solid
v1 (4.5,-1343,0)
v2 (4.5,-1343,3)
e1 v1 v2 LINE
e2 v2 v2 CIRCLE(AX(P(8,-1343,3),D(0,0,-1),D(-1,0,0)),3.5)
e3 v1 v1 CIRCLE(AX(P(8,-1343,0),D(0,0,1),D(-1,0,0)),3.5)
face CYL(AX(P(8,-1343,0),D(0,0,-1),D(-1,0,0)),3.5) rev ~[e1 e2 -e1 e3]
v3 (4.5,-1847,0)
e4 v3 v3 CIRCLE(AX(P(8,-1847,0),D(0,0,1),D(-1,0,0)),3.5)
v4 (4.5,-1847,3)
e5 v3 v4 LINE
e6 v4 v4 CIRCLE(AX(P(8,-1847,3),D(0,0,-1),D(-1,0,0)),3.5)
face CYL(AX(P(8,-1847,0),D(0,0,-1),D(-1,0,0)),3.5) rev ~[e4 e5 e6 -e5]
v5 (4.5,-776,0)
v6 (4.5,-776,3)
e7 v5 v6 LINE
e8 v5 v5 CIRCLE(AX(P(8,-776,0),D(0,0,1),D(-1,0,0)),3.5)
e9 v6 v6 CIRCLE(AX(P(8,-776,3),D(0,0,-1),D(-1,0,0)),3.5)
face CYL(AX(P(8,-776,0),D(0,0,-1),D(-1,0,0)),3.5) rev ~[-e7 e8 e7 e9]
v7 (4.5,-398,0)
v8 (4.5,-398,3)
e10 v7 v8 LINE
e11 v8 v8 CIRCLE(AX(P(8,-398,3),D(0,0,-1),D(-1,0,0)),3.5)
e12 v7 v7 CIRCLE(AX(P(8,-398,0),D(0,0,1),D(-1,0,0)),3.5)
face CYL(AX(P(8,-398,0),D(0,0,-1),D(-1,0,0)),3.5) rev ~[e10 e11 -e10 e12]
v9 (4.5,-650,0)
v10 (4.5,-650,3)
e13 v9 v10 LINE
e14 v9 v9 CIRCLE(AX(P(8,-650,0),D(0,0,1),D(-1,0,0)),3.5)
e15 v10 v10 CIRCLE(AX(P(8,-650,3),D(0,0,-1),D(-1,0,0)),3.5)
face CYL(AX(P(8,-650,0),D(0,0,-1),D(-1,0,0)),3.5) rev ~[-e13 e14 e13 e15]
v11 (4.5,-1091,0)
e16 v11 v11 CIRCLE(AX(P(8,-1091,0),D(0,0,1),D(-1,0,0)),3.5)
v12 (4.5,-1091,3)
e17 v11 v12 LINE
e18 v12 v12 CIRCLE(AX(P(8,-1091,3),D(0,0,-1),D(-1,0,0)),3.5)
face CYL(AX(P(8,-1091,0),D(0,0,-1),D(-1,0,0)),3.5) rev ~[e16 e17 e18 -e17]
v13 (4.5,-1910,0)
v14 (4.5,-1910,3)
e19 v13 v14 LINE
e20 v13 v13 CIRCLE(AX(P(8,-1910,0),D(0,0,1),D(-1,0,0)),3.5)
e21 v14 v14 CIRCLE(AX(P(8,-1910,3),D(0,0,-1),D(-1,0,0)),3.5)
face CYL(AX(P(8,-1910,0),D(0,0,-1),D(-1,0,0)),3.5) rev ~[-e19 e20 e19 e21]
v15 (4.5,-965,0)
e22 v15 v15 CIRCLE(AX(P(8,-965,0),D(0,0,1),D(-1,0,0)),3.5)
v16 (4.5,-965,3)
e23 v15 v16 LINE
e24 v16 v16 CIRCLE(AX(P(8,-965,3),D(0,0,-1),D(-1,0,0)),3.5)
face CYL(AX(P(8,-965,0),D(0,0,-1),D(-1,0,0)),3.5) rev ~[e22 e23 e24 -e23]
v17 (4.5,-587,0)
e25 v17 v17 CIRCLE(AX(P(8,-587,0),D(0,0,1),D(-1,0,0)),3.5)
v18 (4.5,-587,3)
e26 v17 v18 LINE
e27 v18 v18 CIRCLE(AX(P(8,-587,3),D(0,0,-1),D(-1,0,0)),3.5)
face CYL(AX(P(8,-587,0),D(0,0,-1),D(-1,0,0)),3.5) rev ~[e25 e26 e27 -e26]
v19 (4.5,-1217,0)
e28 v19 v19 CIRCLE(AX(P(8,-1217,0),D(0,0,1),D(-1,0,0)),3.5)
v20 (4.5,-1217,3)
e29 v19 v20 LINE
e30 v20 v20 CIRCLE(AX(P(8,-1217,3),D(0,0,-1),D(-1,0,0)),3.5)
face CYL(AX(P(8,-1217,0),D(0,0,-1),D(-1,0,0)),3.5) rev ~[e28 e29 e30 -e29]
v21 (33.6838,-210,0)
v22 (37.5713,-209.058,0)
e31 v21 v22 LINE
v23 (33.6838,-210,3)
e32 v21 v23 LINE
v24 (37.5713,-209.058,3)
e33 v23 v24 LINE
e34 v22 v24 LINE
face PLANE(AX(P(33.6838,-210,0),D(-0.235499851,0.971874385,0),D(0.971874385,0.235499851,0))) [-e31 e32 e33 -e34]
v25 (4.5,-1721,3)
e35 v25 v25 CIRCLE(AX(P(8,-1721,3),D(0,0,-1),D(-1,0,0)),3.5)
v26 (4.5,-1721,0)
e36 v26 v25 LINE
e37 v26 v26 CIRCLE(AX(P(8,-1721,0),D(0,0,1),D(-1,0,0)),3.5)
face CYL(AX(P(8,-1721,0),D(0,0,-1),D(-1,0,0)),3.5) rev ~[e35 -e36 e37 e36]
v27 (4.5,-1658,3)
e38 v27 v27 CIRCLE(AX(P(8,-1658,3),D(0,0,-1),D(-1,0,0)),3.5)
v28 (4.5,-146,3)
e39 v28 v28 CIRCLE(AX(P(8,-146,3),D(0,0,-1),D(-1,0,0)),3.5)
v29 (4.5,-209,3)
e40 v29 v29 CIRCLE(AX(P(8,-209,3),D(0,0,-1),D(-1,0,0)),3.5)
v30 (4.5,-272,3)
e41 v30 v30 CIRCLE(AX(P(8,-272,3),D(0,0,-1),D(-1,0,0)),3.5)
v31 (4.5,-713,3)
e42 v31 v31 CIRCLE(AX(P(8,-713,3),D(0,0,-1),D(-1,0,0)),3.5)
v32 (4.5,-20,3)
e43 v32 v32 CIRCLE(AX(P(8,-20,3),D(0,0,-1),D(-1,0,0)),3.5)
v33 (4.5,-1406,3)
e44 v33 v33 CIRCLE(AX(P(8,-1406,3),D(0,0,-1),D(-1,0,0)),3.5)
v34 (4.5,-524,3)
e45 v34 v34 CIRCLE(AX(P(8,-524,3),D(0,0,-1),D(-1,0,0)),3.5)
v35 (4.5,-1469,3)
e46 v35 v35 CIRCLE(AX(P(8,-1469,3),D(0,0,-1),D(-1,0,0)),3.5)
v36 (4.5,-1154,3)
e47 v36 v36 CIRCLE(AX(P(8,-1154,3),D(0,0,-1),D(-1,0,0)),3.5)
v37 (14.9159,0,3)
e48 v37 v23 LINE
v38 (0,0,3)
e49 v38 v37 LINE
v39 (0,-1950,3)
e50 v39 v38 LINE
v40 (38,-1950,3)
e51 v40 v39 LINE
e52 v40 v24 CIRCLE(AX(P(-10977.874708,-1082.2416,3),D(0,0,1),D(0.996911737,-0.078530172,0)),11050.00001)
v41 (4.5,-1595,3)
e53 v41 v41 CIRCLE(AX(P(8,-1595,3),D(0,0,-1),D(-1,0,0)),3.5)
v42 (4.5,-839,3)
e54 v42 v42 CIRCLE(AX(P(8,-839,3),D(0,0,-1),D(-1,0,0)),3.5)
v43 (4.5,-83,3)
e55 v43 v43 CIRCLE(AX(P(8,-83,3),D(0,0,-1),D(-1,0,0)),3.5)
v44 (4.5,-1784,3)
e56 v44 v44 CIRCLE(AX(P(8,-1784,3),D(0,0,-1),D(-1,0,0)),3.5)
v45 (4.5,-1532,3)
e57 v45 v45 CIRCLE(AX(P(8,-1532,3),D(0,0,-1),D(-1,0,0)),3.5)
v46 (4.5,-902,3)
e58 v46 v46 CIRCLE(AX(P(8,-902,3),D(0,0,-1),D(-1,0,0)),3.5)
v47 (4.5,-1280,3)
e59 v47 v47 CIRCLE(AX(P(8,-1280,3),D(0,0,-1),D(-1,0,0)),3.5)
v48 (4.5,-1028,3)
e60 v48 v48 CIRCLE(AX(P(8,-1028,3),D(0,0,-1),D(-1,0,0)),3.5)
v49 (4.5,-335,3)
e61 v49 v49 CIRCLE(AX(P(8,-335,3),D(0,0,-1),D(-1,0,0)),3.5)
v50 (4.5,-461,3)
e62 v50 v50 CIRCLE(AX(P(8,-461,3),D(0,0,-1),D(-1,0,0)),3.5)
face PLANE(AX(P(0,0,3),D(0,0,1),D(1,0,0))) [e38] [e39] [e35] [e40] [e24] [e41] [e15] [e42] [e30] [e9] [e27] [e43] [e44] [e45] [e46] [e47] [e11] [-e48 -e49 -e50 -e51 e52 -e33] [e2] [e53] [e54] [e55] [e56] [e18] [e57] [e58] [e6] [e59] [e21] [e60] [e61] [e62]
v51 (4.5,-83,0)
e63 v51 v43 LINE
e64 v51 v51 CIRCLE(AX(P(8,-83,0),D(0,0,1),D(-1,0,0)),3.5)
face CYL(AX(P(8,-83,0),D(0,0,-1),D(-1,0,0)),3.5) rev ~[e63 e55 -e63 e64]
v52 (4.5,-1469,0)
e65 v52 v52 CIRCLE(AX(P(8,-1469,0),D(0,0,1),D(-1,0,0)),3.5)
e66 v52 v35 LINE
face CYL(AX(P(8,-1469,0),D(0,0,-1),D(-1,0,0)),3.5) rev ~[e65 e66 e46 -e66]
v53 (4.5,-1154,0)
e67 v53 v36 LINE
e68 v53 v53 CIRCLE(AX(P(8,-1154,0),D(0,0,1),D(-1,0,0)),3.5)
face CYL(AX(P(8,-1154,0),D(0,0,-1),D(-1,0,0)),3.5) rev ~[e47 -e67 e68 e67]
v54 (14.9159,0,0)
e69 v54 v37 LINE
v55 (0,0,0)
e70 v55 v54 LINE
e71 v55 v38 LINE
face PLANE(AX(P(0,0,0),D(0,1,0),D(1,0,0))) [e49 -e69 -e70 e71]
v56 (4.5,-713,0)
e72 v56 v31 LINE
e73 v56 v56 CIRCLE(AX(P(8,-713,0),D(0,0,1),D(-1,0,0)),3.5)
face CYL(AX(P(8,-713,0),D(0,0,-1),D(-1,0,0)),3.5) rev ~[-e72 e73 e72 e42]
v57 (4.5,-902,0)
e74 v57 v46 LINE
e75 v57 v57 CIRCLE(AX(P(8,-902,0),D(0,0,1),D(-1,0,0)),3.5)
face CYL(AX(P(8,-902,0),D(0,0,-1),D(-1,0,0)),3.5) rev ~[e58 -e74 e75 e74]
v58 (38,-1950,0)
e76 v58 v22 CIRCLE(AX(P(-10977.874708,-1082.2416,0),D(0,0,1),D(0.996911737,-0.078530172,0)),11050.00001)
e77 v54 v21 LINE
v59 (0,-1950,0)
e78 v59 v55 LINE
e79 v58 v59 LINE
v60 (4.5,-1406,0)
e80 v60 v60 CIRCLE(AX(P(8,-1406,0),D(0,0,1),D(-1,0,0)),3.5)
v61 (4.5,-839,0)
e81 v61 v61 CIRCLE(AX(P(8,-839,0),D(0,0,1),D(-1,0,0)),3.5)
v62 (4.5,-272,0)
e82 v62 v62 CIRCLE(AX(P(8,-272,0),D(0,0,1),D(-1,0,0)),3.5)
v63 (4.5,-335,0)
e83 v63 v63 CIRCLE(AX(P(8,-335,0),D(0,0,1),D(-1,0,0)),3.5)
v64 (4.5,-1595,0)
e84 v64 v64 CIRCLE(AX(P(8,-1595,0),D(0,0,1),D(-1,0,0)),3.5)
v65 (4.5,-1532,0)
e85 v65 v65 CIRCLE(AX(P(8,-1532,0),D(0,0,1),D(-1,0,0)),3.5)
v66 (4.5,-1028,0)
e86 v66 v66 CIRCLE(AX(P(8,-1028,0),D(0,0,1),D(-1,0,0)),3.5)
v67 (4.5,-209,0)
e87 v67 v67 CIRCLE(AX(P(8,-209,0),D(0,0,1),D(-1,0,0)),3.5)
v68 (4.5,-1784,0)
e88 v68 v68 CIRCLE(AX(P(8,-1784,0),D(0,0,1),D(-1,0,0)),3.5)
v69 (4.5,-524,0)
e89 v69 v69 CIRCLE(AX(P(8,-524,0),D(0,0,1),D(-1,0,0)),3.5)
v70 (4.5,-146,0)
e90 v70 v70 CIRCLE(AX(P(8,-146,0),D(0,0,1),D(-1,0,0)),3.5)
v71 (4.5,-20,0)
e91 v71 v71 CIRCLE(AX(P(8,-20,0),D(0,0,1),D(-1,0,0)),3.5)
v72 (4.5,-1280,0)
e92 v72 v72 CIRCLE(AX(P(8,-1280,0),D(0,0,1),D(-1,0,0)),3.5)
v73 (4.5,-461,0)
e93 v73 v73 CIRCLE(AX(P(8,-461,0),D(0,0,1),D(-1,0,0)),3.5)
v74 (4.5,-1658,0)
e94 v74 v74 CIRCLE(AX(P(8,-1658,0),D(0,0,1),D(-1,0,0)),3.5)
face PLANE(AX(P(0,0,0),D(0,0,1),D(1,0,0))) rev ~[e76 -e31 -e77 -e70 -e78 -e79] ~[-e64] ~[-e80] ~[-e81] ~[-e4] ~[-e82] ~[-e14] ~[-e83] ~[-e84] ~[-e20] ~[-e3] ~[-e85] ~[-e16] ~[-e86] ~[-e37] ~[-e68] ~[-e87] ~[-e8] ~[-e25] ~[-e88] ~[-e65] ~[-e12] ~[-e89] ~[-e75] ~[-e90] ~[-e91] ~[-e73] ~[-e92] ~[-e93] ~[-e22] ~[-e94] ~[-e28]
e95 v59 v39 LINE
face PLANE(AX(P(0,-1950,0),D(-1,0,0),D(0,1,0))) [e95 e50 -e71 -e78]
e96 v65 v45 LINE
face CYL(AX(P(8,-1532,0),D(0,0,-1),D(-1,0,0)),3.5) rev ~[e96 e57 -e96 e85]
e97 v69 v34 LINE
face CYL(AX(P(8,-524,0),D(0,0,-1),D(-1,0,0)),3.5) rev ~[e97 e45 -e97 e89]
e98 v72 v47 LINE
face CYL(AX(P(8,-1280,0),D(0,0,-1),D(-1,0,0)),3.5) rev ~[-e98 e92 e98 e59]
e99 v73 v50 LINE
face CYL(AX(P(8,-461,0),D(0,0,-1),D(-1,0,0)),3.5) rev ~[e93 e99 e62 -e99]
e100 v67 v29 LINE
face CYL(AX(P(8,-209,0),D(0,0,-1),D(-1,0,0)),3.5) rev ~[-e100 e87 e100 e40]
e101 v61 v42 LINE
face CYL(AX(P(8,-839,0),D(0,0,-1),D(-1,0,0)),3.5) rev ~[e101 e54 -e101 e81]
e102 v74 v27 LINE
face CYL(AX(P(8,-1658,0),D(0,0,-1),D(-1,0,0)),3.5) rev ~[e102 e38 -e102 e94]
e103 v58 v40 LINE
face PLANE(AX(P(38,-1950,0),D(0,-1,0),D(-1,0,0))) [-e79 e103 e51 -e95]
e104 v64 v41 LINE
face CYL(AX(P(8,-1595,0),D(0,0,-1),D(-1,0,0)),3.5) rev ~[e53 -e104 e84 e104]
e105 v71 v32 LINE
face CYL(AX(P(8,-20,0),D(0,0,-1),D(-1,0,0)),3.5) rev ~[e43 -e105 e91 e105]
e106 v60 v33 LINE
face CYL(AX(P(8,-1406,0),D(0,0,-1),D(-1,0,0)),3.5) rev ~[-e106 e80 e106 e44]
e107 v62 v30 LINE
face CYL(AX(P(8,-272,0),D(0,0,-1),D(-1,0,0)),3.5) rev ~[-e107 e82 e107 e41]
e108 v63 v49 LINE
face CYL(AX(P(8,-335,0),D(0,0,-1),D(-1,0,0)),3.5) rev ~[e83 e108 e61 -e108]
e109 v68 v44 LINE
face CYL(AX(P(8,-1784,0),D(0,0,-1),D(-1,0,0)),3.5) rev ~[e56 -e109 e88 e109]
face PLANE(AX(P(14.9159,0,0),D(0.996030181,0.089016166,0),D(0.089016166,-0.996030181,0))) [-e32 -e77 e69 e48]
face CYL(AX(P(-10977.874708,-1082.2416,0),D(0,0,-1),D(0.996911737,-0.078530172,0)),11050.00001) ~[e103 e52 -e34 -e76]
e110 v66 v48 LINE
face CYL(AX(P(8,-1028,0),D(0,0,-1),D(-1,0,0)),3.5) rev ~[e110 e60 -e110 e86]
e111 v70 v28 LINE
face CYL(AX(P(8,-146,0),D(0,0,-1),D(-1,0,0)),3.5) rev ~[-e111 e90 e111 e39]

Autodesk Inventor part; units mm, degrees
ref_plane "YZ Plane" through (0, 0, 0) normal (1, 0, 0) x (0, 1, 0)
ref_plane "XZ Plane" through (0, 0, 0) normal (0, 1, 0) x (-1, 0, 0)
ref_plane "XY Plane" through (0, 0, 0) normal (0, 0, 1) x (1, 0, 0)
sketch "Sketch1" plane through (0, 0, 0) normal (0, 0, 1) x (1, 0, 0)
  line L0 (0, 100) -> (0, 50) construction
  line L1 (0, 47) -> (0, 0) construction
  line L2 (0, 50) -> (0, 47) construction
  arc A0 (38, -1950) -> (19, 0) centre (-10977.8747, -1082.2416) ccw
  line L3 (38, -1950) -> (0, -1950)
  line L4 (0, -1950) -> (0, 0)
  line L5 (0, 0) -> (19, 0)
  line L6 (14.9159, 0) -> (33.6838, -210)
  line L7 (33.6838, -210) -> (37.5713, -209.058)
  dimension "d115" = 3
  dimension "d131" = 11050
  dimension "d132" = 19
  dimension "d133" = 38
  dimension "d134" = 1950
  dimension "d145" = 4
  dimension "d146" = 210
extrude "Plate3" add sketch "Sketch1" along normal blind 3 contours L3 L4 L5 L6 L7 A0
sketch "Sketch3" plane through (0, 0, 0) normal (0, 0, -1) x (-1, 0, 0)
  line L0 (0, 0) -> (0, -1950) projected
  line L1 (-14.9159, 0) -> (0, 0) projected
  arc A0 (-37.5713, -209.058) -> (-38, -1950) centre (10977.8747, -1082.2416) ccw projected
  line L2 (0, -1950) -> (-38, -1950) projected
  circle A1 centre (-8, -1910) radius 3.5
  circle A2 centre (0, -1907.1277) radius 5
  circle A3 centre (0, -1907.1277) radius 12
  line L3 (-33.6838, -210) -> (-14.9159, 0) projected
  line L4 (-37.5713, -209.058) -> (-33.6838, -210) projected
  point P0 (0, -1895.1277)
  point P1 (-11.2941, -1911.1827)
  point P2 (-4.7059, -1908.8173)
  point P3 (0, -1902.1277)
  dimension "d135" = 7
  dimension "d136" = 8
  dimension "d137" = 40
  dimension "d143" = 10
extrude "Extrusion2" cut sketch "Sketch3" against normal blind 10 contours A1
pattern_linear "Rectangular Pattern1" count 31 spacing 63 along (0, 1, 0) of "Extrusion2"
equation "\"BendReliefWidth\" = Thickness"
equation "\"BendReliefDepth\" = 0.5 * Thickness"
equation "\"CornerReliefSize\" = 4 * Thickness"
equation "\"MinimumRemnant\" = 2 * Thickness"
equation "\"GapSize\" = Thickness"
equation "\"Thickness\" = 3"
properties part number "MSC 079 creen pillar" material "AISI304"
